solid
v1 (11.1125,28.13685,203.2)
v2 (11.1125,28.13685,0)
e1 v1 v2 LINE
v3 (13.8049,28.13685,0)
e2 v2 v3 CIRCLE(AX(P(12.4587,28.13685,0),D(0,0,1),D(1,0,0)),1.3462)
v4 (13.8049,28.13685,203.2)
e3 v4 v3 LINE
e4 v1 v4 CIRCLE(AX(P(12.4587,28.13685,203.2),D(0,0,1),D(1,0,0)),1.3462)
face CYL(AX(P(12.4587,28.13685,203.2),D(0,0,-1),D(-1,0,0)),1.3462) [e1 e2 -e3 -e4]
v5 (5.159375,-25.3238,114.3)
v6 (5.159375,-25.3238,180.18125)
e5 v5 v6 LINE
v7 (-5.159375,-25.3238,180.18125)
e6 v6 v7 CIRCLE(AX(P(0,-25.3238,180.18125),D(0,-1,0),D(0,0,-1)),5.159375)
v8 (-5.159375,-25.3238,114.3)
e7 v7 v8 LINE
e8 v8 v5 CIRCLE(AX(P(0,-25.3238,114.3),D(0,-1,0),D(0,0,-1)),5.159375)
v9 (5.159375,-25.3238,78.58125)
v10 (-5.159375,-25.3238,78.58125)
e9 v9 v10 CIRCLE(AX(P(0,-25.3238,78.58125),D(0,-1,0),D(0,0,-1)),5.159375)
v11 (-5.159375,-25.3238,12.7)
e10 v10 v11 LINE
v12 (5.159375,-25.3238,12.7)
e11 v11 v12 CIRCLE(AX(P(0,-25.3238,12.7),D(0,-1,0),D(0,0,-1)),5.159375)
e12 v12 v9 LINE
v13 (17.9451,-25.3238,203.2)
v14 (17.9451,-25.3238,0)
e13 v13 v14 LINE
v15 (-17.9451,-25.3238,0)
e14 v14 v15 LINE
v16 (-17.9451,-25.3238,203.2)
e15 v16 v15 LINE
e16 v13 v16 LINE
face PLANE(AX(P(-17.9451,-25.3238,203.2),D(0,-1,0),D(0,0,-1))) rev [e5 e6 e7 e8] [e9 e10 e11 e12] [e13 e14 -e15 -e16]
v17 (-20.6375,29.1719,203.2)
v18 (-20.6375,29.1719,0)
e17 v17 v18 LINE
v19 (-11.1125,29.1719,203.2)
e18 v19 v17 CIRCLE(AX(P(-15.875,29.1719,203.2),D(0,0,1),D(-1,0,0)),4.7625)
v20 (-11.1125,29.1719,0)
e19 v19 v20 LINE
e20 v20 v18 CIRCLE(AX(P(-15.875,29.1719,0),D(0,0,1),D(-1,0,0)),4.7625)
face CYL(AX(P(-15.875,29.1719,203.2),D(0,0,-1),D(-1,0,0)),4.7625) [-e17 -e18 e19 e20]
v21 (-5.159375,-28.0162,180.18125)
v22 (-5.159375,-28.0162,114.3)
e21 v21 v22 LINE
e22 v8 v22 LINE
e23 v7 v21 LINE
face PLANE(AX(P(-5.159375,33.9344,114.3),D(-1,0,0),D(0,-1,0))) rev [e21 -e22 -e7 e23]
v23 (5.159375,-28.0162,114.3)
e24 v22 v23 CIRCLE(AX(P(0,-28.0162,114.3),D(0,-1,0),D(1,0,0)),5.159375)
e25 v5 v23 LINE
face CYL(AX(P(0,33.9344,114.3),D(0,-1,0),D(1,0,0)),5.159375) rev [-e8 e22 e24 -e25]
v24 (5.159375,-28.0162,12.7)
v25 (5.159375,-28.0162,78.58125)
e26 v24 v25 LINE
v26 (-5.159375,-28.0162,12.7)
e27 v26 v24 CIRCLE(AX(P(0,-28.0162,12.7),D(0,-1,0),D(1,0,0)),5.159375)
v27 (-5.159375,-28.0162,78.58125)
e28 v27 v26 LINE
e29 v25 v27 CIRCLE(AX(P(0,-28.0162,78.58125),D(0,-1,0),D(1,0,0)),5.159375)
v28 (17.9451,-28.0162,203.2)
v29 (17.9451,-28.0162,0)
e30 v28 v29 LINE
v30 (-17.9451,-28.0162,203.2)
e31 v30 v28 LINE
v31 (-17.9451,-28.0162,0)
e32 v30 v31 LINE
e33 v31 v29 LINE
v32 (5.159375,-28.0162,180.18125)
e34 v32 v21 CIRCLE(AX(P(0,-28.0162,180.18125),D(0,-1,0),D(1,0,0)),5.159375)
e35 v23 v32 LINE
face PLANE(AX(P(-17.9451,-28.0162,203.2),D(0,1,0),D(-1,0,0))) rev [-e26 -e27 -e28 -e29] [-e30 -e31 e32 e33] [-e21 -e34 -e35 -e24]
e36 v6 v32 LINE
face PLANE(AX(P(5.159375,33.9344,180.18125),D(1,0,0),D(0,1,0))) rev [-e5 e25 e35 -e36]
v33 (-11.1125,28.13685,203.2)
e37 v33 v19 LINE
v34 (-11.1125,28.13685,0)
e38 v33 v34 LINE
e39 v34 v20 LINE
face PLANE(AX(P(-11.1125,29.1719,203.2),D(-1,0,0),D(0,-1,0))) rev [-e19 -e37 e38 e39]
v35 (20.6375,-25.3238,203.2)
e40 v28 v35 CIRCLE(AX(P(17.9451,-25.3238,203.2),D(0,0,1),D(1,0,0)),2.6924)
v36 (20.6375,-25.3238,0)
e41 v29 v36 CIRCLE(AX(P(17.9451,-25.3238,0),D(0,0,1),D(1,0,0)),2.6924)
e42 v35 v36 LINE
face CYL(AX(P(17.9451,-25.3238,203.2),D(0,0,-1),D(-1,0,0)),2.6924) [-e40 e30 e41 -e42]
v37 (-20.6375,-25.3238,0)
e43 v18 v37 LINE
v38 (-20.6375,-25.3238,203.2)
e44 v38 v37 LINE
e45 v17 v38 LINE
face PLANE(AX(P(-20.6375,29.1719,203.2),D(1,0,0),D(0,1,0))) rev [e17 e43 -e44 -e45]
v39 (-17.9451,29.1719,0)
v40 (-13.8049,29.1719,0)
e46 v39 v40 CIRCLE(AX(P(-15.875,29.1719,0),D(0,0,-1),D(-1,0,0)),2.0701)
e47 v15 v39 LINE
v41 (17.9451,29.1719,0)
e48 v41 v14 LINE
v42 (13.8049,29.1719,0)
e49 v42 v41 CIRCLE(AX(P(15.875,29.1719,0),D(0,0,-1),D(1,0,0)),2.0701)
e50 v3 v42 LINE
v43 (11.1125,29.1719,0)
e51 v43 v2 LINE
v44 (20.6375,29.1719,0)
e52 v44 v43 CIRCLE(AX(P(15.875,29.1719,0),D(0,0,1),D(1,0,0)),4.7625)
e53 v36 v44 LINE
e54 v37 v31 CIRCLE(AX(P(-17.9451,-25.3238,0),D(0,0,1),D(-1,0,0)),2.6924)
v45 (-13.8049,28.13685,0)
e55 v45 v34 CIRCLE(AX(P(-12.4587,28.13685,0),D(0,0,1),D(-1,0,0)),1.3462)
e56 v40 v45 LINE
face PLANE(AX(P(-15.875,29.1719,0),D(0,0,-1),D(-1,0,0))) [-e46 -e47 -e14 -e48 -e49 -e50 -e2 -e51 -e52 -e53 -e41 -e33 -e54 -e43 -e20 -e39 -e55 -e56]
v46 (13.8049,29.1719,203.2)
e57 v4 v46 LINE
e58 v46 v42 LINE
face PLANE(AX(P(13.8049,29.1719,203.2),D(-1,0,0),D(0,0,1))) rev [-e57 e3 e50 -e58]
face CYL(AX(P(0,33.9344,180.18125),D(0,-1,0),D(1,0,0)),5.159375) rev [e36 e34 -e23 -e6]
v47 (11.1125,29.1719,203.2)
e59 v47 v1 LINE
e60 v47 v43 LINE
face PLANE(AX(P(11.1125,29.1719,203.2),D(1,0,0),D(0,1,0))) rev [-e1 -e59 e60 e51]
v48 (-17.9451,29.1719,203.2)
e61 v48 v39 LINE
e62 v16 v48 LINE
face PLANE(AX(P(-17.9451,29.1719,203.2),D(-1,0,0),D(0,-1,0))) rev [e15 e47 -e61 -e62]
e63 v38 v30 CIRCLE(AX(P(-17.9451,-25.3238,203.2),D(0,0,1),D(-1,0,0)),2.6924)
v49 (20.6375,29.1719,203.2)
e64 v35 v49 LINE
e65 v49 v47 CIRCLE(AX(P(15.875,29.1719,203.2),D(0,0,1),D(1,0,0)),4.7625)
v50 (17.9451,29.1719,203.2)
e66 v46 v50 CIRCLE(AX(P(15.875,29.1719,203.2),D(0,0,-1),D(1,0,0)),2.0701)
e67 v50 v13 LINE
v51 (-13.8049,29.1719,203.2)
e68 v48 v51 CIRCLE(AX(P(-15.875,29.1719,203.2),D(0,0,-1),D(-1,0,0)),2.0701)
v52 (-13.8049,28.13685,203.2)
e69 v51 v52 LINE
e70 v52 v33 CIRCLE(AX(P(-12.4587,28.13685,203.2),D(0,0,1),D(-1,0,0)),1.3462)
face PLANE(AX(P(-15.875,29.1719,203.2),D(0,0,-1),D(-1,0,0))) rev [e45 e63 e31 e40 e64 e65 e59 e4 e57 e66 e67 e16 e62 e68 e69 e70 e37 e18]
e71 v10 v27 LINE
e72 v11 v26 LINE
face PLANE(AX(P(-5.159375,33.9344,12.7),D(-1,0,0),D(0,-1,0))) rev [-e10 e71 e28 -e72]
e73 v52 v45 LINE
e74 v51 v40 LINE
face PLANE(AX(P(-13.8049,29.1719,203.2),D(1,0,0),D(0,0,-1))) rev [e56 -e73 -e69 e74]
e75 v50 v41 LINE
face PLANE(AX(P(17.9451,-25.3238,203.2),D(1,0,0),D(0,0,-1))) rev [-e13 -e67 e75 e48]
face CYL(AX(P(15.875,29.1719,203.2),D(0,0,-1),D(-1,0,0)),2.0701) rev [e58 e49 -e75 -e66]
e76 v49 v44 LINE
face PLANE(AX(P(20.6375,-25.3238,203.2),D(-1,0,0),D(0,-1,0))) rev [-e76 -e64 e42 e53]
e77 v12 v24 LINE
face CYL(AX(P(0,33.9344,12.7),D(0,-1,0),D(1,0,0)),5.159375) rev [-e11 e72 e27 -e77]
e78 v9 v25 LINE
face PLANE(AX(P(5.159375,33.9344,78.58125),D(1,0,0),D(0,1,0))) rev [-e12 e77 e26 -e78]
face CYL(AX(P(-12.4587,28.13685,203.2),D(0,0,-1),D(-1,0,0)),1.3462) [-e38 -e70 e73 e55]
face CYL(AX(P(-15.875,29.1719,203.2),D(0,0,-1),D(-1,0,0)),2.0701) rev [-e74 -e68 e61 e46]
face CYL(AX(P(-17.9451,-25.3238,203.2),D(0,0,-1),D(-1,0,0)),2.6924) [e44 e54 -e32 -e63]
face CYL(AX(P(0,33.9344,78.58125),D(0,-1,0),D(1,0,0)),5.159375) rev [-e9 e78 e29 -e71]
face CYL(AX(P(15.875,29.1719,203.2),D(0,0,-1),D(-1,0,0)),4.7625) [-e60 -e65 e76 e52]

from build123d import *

# Parameters (mm, degrees)
BASE_EXTRUDE_DEPTH = 203.2
SLOT_DEPTH         = 224.346124299
LPATTERN1_COUNT    = 2
LPATTERN1_PITCH    = 101.6


with BuildPart() as part:
    # Sketch1 → Base-Extrude (new body)
    with BuildSketch(Plane.XY):
        with BuildLine():
            Line((-20.6375, 29.1719), (-20.6375, -25.3238))
            ThreePointArc((-20.6375, -25.3238), (-19.848914298, -27.227614298), (-17.9451, -28.0162))
            Line((-17.9451, -28.0162), (17.9451, -28.0162))
            ThreePointArc((17.9451, -28.0162), (19.848914298, -27.227614298), (20.6375, -25.3238))
            Line((20.6375, -25.3238), (20.6375, 29.1719))
            ThreePointArc((20.6375, 29.1719), (15.875, 33.9344), (11.1125, 29.1719))
            Line((11.1125, 29.1719), (11.1125, 28.13685))
            ThreePointArc((11.1125, 28.13685), (12.4587, 26.79065), (13.8049, 28.13685))
            Line((13.8049, 28.13685), (13.8049, 29.1719))
            ThreePointArc((13.8049, 29.1719), (15.875, 31.242), (17.9451, 29.1719))
            Line((17.9451, 29.1719), (17.9451, -25.3238))
            Line((17.9451, -25.3238), (-17.9451, -25.3238))
            Line((-17.9451, -25.3238), (-17.9451, 29.1719))
            ThreePointArc((-17.9451, 29.1719), (-15.875, 31.242), (-13.8049, 29.1719))
            Line((-13.8049, 29.1719), (-13.8049, 28.13685))
            ThreePointArc((-13.8049, 28.13685), (-12.4587, 26.79065), (-11.1125, 28.13685))
            Line((-11.1125, 28.13685), (-11.1125, 29.1719))
            ThreePointArc((-11.1125, 29.1719), (-15.875, 33.9344), (-20.6375, 29.1719))
        make_face()
    extrude(amount=BASE_EXTRUDE_DEPTH)

    # Sketch2 → Slot (cut, through all)
    with BuildSketch(Plane(origin=(-0.186902134, -28.0162, -10.369564018), x_dir=(1, 0, 0), z_dir=(0, -1, 0))):
        with BuildLine():
            Line((5.346277134, 88.950814018), (5.346277134, 23.069564018))
            ThreePointArc((5.346277134, 23.069564018), (0.186902134, 17.910189018), (-4.972472866, 23.069564018))
            Line((-4.972472866, 23.069564018), (-4.972472866, 88.950814018))
            ThreePointArc((-4.972472866, 88.950814018), (0.186902134, 94.110189018), (5.346277134, 88.950814018))
        make_face()
    slot = extrude(amount=-SLOT_DEPTH, mode=Mode.SUBTRACT)

    # LPattern1: Slot ×2
    with Locations(*[(0, 0, i * LPATTERN1_PITCH) for i in range(1, LPATTERN1_COUNT)]):
        add(slot, mode=Mode.SUBTRACT)


solid = part.part
